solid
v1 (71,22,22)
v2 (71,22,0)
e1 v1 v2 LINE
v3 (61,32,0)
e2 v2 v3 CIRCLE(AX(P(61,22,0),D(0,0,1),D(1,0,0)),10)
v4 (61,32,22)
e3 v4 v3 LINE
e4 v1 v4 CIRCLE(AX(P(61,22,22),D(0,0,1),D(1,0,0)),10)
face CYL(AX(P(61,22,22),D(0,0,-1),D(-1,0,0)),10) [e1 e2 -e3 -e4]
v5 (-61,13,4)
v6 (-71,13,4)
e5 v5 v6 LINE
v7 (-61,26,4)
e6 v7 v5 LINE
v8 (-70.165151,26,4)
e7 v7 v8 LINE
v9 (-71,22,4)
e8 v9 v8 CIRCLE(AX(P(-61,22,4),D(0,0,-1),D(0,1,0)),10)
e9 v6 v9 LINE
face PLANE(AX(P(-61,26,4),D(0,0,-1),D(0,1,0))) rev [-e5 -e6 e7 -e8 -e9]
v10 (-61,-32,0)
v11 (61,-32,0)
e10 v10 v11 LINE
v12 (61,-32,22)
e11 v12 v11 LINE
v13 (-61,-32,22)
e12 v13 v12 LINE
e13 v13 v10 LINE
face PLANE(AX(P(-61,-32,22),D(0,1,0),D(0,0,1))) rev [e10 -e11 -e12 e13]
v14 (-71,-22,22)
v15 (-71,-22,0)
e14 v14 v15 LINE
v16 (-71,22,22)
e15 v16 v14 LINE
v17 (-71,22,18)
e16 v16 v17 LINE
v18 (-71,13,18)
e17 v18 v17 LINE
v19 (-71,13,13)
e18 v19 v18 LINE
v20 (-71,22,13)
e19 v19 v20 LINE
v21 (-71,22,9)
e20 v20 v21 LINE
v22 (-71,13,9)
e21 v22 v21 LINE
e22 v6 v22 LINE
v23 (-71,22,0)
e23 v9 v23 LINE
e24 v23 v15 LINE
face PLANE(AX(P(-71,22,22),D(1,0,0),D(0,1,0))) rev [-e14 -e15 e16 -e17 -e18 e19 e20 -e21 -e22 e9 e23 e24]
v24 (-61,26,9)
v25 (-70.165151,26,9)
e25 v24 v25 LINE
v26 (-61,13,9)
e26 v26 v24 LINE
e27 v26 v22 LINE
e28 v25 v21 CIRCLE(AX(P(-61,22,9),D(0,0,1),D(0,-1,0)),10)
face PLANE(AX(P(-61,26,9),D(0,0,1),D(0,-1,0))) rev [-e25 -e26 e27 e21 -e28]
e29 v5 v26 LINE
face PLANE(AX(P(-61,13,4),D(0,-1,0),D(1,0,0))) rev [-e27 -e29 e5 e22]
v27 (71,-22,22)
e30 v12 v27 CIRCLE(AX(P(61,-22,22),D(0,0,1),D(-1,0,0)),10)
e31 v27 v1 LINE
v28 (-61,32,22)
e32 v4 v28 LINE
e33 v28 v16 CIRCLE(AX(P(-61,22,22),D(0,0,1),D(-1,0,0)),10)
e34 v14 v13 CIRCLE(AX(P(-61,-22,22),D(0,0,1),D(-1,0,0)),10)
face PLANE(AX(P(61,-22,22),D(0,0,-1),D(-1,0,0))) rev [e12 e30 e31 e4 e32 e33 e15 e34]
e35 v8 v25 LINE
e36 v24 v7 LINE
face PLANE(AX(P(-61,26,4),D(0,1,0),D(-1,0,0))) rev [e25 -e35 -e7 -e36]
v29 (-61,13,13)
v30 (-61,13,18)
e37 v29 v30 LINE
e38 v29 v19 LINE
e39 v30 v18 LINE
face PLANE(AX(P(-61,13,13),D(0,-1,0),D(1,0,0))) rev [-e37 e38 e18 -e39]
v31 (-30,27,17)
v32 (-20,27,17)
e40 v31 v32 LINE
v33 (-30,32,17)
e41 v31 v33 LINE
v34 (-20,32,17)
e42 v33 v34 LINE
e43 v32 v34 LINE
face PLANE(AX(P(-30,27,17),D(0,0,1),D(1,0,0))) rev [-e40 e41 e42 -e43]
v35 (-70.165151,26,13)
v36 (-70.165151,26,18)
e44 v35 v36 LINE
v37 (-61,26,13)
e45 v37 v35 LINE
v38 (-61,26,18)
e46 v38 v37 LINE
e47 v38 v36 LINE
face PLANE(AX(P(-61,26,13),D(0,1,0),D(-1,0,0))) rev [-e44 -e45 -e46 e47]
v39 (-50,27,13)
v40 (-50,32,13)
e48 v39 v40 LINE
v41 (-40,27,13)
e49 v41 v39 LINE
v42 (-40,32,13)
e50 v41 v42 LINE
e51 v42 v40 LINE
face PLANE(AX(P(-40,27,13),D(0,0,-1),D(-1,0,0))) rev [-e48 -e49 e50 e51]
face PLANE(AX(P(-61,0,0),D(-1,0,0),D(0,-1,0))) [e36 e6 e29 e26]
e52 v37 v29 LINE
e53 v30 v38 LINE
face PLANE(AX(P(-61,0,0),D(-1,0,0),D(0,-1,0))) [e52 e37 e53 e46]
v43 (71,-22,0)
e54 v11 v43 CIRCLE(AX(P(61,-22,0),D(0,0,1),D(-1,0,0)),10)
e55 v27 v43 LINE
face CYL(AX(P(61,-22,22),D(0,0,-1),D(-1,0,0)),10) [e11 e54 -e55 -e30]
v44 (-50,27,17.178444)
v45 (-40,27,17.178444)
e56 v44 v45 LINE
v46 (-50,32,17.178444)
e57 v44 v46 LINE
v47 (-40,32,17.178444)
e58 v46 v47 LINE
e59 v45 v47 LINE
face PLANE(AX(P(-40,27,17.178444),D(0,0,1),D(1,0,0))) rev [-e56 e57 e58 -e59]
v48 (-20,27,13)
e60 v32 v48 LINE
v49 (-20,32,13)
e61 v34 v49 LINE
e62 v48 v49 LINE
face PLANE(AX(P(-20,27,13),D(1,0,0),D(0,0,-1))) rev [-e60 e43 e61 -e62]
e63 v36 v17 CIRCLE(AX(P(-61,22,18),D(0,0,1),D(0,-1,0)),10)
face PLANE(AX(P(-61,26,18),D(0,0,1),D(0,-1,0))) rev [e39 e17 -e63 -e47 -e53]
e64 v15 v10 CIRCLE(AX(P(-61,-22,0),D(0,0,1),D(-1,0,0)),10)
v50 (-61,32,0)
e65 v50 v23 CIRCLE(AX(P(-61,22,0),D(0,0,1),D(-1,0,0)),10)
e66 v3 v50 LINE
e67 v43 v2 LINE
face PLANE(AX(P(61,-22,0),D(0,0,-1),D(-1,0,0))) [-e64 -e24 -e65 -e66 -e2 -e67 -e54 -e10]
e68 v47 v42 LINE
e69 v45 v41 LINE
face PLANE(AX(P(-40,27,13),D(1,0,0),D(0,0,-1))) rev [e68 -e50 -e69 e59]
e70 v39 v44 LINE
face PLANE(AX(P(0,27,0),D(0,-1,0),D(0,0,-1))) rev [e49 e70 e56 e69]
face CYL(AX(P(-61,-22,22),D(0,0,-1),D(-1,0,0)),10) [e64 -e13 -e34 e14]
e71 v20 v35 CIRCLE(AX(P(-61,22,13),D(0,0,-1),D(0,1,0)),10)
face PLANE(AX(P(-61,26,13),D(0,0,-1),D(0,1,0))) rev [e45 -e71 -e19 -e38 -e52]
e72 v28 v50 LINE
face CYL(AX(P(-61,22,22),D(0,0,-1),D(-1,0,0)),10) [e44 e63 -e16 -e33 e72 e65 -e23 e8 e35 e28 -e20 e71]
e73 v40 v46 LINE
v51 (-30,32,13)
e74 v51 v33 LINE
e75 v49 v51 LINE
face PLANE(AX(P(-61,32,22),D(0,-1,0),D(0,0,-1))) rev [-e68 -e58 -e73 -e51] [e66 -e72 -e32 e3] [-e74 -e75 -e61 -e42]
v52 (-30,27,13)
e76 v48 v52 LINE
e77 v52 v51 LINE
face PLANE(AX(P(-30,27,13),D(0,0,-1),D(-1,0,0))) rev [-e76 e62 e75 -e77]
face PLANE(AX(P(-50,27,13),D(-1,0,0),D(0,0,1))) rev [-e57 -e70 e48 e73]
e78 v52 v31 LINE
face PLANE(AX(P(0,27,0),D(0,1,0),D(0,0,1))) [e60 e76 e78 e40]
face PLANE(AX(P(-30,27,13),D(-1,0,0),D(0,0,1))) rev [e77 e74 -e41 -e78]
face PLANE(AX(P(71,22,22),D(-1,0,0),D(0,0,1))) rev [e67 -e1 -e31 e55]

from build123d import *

# Parameters (mm, degrees)
BOSS_EXTRUDE1_DEPTH = 22
SKETCH2_W           = 5
SKETCH2_H           = 13
CUT_EXTRUDE1_DEPTH  = 10
SKETCH3_W           = 10
SKETCH3_H           = 4
SKETCH3_H_2         = 4.178443519
CUT_EXTRUDE2_DEPTH  = 5


with BuildPart() as part:
    # Sketch1 → Boss-Extrude1 (new body)
    with BuildSketch(Plane.XY):
        with BuildLine():
            Line((-61, 32), (61, 32))
            ThreePointArc((61, 32), (68.071067812, 29.071067812), (71, 22))
            Line((71, 22), (71, -22))
            ThreePointArc((71, -22), (68.071067812, -29.071067812), (61, -32))
            Line((61, -32), (-61, -32))
            ThreePointArc((-61, -32), (-68.071067812, -29.071067812), (-71, -22))
            Line((-71, -22), (-71, 22))
            ThreePointArc((-71, 22), (-68.071067812, 29.071067812), (-61, 32))
        make_face()
    extrude(amount=BOSS_EXTRUDE1_DEPTH)

    # Sketch2 → Cut-Extrude1 (cut)
    with BuildSketch(Plane.ZY.offset(71)):
        with Locations((15.5, 19.5)):
            Rectangle(SKETCH2_W, SKETCH2_H)
        with Locations((6.5, 19.5)):
            Rectangle(SKETCH2_W, SKETCH2_H)
    extrude(amount=-CUT_EXTRUDE1_DEPTH, mode=Mode.SUBTRACT)

    # Sketch3 → Cut-Extrude2 (cut)
    with BuildSketch(Plane(origin=(0, 32, 0), x_dir=(1, 0, 0), z_dir=(0, 1, 0))):
        with Locations((-25, -15)):
            Rectangle(SKETCH3_W, SKETCH3_H)
        with Locations((-45, -15.08922176)):
            Rectangle(SKETCH3_W, SKETCH3_H_2)
    extrude(amount=-CUT_EXTRUDE2_DEPTH, mode=Mode.SUBTRACT)


solid = part.part
